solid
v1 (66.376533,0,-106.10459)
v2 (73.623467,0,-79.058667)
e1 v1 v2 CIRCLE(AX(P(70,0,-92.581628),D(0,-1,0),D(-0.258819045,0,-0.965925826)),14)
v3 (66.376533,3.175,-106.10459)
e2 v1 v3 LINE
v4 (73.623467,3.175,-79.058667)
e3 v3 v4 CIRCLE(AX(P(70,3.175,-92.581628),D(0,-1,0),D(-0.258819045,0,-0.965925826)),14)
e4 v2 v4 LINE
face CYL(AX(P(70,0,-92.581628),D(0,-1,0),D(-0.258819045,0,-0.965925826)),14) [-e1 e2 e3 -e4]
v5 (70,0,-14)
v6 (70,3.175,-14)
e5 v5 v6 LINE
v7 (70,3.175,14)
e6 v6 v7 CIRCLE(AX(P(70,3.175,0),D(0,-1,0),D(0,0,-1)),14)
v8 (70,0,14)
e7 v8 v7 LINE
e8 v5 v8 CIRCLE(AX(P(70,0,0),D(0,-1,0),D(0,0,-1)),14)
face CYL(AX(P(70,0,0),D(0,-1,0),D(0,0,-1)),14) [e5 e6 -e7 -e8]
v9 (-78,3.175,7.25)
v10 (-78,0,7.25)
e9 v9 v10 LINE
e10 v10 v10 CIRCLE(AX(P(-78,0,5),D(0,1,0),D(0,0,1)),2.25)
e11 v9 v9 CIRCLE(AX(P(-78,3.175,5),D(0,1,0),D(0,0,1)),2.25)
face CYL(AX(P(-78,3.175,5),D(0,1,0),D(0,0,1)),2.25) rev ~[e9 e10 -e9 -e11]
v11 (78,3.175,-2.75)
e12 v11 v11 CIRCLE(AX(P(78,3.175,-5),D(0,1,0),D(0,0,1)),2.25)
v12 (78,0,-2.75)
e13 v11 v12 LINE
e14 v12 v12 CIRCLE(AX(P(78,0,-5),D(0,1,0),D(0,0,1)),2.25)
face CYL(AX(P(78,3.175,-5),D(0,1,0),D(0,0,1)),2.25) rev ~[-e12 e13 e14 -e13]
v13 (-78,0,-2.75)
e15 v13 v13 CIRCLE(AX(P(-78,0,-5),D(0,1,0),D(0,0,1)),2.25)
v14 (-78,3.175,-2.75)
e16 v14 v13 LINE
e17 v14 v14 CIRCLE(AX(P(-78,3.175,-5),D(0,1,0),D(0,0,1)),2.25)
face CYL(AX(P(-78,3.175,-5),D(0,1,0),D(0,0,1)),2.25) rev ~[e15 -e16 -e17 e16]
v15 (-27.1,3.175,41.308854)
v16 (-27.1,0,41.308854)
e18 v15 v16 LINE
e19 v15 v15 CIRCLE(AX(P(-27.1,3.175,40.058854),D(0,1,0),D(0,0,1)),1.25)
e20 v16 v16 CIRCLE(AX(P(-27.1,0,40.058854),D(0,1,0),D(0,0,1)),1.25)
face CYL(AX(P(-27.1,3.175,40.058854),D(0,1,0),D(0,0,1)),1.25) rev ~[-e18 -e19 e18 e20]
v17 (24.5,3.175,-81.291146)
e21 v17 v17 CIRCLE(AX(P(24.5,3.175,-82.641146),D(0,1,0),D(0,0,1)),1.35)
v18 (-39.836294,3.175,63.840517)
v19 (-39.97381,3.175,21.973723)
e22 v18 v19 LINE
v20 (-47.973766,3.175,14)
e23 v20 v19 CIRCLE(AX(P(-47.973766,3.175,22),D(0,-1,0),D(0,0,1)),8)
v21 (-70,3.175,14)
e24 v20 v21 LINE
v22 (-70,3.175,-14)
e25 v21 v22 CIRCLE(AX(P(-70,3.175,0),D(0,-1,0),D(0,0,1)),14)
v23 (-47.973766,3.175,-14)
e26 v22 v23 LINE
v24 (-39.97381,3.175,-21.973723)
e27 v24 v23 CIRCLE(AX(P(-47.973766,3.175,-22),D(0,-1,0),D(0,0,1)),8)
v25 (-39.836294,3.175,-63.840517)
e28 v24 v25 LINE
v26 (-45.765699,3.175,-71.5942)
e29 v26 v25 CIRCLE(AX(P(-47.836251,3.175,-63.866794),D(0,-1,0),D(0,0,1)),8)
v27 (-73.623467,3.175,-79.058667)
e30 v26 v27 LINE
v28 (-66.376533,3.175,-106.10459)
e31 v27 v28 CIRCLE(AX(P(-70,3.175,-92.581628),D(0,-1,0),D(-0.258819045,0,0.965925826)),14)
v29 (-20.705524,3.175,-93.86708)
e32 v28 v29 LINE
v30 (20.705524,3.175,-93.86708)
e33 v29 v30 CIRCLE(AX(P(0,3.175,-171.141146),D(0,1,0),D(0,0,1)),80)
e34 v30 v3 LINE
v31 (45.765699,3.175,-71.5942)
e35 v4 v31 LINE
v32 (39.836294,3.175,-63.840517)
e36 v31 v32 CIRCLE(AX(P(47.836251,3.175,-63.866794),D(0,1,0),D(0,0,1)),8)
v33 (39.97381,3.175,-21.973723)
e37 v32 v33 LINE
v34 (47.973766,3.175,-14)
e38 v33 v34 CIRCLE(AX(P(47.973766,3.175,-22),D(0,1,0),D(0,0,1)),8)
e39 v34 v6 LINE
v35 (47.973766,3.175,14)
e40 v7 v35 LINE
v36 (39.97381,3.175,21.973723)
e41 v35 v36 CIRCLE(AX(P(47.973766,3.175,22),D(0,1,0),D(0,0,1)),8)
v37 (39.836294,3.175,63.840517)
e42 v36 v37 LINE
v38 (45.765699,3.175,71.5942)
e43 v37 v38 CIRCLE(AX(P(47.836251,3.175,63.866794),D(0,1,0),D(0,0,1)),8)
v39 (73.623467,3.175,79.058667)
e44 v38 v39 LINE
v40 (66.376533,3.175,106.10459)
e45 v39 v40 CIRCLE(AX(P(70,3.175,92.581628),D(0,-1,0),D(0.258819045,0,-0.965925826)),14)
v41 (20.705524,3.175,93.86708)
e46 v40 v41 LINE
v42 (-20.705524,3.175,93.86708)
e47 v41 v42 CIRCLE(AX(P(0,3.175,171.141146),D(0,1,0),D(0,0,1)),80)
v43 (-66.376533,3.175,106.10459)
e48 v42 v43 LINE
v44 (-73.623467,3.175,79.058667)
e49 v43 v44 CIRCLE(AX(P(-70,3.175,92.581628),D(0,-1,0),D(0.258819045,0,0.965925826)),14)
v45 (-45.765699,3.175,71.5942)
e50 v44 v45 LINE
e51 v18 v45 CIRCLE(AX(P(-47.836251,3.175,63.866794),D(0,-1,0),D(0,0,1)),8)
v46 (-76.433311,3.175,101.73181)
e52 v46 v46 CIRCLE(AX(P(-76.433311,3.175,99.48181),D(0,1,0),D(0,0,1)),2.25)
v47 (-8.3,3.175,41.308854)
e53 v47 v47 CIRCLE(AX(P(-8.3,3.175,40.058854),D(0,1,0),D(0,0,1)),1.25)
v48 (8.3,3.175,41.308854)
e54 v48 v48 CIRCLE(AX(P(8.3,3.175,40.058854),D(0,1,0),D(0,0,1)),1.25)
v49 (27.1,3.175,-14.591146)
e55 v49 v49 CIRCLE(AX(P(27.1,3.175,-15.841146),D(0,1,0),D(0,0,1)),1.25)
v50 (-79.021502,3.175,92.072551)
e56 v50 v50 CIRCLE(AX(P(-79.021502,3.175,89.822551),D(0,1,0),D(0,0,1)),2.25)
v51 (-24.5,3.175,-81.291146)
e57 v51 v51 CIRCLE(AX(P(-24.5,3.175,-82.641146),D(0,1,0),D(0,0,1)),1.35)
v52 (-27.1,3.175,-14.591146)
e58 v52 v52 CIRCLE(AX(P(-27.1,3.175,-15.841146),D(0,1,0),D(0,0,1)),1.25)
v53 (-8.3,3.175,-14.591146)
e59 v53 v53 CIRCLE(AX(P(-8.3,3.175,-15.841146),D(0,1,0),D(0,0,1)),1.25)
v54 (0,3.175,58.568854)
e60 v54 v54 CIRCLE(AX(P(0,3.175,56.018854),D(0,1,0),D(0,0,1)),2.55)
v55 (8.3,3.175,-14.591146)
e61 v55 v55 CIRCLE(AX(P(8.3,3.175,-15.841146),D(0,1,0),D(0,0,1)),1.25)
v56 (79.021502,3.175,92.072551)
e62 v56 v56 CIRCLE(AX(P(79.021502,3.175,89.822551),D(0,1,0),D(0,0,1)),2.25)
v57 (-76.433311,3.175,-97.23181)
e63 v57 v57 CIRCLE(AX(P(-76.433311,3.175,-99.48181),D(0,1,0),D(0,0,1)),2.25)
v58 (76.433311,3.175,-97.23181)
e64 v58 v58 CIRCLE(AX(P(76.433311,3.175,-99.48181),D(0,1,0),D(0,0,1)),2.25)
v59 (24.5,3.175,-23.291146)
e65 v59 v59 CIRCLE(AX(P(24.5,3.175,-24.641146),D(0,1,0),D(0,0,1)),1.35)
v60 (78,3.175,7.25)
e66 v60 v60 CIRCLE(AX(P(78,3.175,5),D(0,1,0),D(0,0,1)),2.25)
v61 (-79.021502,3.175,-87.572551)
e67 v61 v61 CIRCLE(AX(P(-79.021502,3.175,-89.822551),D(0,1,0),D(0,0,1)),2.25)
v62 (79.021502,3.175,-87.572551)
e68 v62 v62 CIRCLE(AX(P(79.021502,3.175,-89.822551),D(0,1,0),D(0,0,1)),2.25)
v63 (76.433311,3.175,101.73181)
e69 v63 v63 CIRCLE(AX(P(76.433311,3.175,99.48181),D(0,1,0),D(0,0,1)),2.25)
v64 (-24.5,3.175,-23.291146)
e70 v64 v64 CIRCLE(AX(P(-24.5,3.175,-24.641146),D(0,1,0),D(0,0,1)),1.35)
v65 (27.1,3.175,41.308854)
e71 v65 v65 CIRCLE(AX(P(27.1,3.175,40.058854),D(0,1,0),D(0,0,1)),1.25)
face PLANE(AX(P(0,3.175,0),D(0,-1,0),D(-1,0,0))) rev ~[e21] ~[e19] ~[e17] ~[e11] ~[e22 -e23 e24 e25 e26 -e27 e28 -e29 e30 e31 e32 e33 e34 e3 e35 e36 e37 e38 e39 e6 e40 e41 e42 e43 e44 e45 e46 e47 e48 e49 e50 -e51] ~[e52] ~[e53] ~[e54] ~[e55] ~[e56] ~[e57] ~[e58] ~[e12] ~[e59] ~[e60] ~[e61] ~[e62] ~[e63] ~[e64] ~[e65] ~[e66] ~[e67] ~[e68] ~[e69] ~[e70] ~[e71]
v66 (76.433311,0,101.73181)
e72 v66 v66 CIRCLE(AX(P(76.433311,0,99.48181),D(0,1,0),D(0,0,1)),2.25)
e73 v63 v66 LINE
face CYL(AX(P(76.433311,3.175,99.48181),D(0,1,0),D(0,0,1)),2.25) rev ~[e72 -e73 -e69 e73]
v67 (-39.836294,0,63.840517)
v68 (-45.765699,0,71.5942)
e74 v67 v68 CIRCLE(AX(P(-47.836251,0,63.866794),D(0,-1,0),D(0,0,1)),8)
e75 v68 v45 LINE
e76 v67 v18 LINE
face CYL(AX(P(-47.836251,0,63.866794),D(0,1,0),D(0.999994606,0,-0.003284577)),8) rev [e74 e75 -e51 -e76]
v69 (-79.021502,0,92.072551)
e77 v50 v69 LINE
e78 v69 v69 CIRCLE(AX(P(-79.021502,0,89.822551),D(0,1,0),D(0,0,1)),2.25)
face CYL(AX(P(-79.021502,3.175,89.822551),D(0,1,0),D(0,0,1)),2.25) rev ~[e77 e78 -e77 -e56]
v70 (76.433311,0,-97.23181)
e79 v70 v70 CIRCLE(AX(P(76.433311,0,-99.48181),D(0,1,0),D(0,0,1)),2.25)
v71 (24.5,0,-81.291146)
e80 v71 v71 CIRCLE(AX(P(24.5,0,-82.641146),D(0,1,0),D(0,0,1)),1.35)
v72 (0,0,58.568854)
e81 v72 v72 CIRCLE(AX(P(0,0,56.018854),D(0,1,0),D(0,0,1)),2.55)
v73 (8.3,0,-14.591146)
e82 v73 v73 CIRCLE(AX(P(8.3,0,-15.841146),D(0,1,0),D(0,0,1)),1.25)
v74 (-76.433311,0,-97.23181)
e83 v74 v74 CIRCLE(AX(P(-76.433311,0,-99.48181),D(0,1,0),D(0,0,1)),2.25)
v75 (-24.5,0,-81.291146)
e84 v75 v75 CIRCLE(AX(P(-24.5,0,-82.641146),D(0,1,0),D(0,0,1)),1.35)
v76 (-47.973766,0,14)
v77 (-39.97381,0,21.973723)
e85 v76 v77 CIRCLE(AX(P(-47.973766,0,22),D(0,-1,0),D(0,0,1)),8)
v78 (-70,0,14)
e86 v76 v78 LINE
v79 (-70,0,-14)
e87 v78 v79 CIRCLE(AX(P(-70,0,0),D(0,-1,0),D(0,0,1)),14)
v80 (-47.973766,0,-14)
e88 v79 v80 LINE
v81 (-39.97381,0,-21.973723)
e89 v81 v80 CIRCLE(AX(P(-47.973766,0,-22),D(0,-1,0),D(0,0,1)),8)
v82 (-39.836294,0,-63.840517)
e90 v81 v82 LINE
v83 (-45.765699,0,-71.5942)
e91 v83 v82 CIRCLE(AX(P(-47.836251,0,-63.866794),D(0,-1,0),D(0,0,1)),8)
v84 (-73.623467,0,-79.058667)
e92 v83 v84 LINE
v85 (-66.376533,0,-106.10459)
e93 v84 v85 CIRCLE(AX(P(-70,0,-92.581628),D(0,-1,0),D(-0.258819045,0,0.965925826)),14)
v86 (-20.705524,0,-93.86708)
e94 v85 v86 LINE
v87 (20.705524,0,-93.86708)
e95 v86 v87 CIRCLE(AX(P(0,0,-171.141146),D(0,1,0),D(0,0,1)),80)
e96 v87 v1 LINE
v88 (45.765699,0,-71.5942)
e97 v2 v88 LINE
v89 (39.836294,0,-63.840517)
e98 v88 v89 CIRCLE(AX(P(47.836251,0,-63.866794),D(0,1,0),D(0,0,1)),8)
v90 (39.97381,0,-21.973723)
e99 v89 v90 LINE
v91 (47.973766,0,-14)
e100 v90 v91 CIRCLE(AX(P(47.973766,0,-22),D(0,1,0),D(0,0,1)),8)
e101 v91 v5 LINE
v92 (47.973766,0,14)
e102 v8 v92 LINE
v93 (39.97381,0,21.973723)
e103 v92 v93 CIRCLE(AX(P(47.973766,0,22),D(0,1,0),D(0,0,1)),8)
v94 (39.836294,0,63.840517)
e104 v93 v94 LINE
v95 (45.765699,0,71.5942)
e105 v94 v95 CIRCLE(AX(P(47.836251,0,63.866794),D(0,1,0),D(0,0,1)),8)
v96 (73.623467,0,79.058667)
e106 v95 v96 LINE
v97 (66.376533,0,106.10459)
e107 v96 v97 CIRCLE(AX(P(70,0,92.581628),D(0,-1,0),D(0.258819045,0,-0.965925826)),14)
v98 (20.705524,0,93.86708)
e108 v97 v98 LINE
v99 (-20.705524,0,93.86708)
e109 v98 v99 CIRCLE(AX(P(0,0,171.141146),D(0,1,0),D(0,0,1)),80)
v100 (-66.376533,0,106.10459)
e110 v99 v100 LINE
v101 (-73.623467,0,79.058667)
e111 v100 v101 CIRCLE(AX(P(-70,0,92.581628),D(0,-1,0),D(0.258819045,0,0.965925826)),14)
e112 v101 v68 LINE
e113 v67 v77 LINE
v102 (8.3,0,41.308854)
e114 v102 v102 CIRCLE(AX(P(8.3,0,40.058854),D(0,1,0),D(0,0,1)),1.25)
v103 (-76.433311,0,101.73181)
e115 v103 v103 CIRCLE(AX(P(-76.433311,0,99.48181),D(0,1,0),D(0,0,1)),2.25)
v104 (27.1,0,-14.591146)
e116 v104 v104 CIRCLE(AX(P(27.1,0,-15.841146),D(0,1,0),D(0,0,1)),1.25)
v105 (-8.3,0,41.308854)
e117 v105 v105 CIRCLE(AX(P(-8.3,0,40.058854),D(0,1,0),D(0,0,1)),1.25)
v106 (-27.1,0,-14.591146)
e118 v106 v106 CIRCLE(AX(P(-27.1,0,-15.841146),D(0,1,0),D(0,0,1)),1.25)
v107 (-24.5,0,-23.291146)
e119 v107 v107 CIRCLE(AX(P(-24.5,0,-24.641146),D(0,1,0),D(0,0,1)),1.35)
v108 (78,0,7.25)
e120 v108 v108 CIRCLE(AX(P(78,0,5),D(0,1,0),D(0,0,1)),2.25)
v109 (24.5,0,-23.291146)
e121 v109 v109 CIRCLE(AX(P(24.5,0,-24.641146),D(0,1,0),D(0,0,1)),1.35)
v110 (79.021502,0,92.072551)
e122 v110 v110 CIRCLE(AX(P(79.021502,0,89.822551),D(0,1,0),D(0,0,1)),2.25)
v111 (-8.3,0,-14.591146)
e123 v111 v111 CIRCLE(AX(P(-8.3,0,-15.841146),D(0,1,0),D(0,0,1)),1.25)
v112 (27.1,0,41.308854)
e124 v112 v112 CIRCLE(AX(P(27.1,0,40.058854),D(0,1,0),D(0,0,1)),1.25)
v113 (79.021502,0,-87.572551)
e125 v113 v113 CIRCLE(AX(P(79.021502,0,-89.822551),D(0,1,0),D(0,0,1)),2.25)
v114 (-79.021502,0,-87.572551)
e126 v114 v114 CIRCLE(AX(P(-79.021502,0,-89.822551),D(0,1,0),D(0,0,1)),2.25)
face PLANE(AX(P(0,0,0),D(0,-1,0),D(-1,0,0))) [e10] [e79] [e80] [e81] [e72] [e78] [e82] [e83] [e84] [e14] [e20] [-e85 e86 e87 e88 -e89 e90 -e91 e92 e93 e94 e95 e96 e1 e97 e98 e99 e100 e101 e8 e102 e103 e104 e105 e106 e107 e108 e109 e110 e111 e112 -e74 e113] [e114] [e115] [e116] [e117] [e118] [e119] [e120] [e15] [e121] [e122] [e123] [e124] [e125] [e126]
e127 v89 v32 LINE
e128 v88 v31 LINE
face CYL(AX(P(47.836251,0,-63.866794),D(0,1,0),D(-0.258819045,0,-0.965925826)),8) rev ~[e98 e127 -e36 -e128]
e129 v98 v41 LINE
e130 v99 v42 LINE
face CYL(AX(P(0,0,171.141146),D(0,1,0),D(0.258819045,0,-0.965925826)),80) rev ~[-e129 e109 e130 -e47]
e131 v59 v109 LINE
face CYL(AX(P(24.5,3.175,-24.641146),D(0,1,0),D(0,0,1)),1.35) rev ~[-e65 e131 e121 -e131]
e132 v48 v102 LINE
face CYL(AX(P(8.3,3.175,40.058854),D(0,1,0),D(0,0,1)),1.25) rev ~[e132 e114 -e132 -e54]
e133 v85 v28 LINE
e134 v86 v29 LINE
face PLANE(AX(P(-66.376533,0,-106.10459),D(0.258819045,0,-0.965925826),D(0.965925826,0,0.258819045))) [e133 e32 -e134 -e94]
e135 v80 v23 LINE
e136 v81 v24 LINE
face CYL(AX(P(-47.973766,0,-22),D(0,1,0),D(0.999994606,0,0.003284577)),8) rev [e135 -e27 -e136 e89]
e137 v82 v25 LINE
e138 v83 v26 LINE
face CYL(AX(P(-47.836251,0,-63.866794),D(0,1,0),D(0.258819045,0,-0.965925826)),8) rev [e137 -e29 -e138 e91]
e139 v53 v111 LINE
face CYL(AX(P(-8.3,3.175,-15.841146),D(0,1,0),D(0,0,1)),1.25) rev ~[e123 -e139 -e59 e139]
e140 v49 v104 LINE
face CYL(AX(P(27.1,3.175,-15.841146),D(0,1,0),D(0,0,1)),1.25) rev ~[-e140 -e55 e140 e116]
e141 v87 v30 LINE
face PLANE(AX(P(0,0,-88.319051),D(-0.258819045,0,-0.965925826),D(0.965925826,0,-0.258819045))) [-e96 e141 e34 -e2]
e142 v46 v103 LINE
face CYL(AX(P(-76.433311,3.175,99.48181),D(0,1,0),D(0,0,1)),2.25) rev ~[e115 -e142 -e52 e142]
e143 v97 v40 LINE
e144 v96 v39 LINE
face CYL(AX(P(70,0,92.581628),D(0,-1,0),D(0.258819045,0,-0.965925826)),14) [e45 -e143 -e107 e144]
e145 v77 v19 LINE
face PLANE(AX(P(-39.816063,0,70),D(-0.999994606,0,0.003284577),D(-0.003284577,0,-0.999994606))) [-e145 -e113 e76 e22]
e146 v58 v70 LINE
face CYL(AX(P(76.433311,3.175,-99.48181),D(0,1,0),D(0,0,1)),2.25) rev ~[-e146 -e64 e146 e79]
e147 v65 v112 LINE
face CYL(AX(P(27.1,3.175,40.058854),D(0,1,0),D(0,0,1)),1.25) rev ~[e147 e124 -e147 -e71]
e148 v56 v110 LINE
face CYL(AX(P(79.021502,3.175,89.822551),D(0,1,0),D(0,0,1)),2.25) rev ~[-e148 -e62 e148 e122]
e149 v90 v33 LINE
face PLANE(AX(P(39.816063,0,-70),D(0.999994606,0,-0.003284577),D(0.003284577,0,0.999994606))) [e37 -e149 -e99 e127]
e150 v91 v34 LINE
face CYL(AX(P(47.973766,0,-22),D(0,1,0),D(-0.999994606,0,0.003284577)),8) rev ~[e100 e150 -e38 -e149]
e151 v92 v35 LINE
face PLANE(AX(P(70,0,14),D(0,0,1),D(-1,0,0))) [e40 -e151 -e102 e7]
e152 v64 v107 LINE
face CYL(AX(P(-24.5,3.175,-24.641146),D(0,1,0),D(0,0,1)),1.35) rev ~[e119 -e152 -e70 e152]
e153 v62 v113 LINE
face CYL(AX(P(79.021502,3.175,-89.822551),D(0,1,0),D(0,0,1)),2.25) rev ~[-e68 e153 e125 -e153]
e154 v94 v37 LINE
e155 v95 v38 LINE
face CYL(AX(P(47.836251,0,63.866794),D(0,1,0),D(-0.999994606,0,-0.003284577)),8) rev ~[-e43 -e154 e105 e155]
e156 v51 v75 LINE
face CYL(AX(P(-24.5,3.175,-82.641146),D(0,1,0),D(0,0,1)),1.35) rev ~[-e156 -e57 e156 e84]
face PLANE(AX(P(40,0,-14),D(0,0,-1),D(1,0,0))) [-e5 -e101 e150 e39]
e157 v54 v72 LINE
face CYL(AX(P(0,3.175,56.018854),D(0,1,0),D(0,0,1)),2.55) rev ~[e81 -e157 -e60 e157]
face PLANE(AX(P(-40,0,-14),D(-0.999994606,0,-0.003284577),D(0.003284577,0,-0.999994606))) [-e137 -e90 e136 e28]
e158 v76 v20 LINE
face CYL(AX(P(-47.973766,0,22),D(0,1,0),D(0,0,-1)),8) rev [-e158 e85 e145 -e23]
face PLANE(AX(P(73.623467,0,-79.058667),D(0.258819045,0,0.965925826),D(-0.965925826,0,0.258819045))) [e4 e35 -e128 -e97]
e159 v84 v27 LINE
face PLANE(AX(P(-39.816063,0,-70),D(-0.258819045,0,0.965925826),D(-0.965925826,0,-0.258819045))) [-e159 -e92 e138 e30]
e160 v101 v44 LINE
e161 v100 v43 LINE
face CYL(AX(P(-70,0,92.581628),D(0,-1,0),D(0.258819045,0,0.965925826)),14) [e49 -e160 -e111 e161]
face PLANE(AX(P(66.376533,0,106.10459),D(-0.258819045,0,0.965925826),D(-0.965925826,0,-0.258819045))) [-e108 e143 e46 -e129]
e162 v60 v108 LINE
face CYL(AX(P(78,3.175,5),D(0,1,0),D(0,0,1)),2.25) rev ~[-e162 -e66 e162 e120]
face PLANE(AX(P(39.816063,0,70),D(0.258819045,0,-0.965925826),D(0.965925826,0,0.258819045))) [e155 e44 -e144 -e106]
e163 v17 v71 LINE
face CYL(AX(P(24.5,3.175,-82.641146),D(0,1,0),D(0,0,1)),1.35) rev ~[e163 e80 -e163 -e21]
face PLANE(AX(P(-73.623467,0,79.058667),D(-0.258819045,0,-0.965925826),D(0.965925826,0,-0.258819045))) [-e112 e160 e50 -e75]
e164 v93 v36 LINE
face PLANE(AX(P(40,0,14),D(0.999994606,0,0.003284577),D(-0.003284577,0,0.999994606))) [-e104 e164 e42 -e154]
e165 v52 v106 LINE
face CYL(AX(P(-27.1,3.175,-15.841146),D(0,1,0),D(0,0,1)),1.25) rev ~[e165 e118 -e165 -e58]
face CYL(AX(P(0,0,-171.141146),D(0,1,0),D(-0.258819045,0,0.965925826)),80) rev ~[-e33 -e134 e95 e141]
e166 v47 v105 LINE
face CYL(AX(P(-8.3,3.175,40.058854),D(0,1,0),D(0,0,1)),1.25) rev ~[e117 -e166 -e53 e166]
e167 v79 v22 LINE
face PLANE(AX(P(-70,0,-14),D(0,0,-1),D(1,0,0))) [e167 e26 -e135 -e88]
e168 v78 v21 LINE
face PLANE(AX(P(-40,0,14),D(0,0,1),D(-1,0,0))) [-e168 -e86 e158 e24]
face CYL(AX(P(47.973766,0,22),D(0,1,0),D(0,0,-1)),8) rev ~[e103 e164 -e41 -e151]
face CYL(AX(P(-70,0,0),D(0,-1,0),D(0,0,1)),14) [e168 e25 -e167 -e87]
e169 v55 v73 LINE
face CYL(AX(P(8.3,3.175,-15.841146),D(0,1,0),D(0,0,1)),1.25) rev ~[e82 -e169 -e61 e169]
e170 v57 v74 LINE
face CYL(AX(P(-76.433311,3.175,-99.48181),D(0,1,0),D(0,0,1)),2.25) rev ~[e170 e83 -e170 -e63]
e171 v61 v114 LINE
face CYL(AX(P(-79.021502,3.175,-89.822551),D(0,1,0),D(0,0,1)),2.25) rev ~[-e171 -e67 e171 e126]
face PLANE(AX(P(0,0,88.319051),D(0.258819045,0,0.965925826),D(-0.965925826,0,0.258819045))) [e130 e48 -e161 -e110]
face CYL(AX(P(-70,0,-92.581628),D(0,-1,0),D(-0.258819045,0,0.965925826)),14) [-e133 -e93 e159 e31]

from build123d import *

# Parameters (mm, degrees)
BOSS_EXTRUDE1_DEPTH = 3.175
FILLET1_R           = 80
FILLET2_R           = 8
SKETCH2_R           = 1.35
CUT_EXTRUDE1_DEPTH  = 136.741386774
SKETCH3_R           = 1.25
CUT_EXTRUDE2_DEPTH  = 136.741386774
SKETCH5_R           = 2.55
CUT_EXTRUDE3_DEPTH  = 136.741386774
SKETCH7_R           = 2.25
CUT_EXTRUDE4_DEPTH  = 10


with BuildPart() as part:
    # Sketch1 → Boss-Extrude1 (new body)
    with BuildSketch(Plane(origin=(0, 0, 0), x_dir=(1, 0, 0), z_dir=(0, 1, 0))):
        with BuildLine():
            Line((-70, 14), (-40, 14))
            Line((-40, 14), (-39.816062711, 70))
            Line((-39.816062711, 70), (-73.623466631, 79.058666579))
            ThreePointArc((-73.623466631, 79.058666579), (-83.522961568, 96.205094778), (-66.376533369, 106.104589715))
            Line((-66.376533369, 106.104589715), (0, 88.319051202))
            Line((0, 88.319051202), (66.376533369, 106.104589715))
            ThreePointArc((66.376533369, 106.104589715), (83.522961568, 96.205094778), (73.623466631, 79.058666579))
            Line((73.623466631, 79.058666579), (39.816062711, 70))
            Line((39.816062711, 70), (40, 14))
            Line((40, 14), (70, 14))
            ThreePointArc((70, 14), (84, 0), (70, -14))
            Line((70, -14), (40, -14))
            Line((40, -14), (39.816062711, -70))
            Line((39.816062711, -70), (73.623466631, -79.058666579))
            ThreePointArc((73.623466631, -79.058666579), (83.522961568, -96.205094778), (66.376533369, -106.104589715))
            Line((66.376533369, -106.104589715), (0, -88.319051202))
            Line((0, -88.319051202), (-66.376533369, -106.104589715))
            ThreePointArc((-66.376533369, -106.104589715), (-83.522961568, -96.205094778), (-73.623466631, -79.058666579))
            Line((-73.623466631, -79.058666579), (-39.816062711, -70))
            Line((-39.816062711, -70), (-40, -14))
            Line((-40, -14), (-70, -14))
            ThreePointArc((-70, -14), (-84, 0), (-70, 14))
        make_face()
    extrude(amount=BOSS_EXTRUDE1_DEPTH)

    # Fillet1
    fillet1_edges = [part.edges().sort_by_distance(p)[0] for p in [
        (0, 1.5875, -88.319051202),
        (0, 1.5875, 88.319051202),
    ]]
    fillet(fillet1_edges, radius=FILLET1_R)

    # Fillet2
    fillet2_edges = [part.edges().sort_by_distance(p)[0] for p in [
        (-40, 1.5875, -14),
        (-39.816062711, 1.5875, -70),
        (39.816062711, 1.5875, -70),
        (40, 1.5875, -14),
        (40, 1.5875, 14),
        (39.816062711, 1.5875, 70),
        (-39.816062711, 1.5875, 70),
        (-40, 1.5875, 14),
    ]]
    fillet(fillet2_edges, radius=FILLET2_R)

    # Sketch2 → Cut-Extrude1 (cut, through all)
    with BuildSketch(Plane(origin=(0, 3.175, 0), x_dir=(1, 0, 0), z_dir=(0, 1, 0))):
        with Locations(Location((-24.5, 24.641145635, 0), (0, 0, 270))):
            Circle(SKETCH2_R)
        with Locations(Location((24.5, 24.641145635, 0), (0, 0, 270))):
            Circle(SKETCH2_R)
        with Locations(Location((24.5, 82.641145635, 0), (0, 0, 270))):
            Circle(SKETCH2_R)
        with Locations(Location((-24.5, 82.641145635, 0), (0, 0, 270))):
            Circle(SKETCH2_R)
    extrude(amount=-CUT_EXTRUDE1_DEPTH, mode=Mode.SUBTRACT)

    # Sketch3 → Cut-Extrude2 (cut, through all)
    with BuildSketch(Plane(origin=(0, 3.175, 0), x_dir=(1, 0, 0), z_dir=(0, 1, 0))):
        with Locations(Location((-8.3, -40.058854365, 0), (0, 0, 270))):
            Circle(SKETCH3_R)
        with Locations(Location((-27.1, -40.058854365, 0), (0, 0, 270))):
            Circle(SKETCH3_R)
        with Locations(Location((-27.1, 15.841145635, 0), (0, 0, 270))):
            Circle(SKETCH3_R)
        with Locations(Location((-8.3, 15.841145635, 0), (0, 0, 270))):
            Circle(SKETCH3_R)
        with Locations(Location((8.3, 15.841145635, 0), (0, 0, 270))):
            Circle(SKETCH3_R)
        with Locations(Location((27.1, 15.841145635, 0), (0, 0, 270))):
            Circle(SKETCH3_R)
        with Locations(Location((8.3, -40.058854365, 0), (0, 0, 270))):
            Circle(SKETCH3_R)
        with Locations(Location((27.1, -40.058854365, 0), (0, 0, 270))):
            Circle(SKETCH3_R)
    extrude(amount=-CUT_EXTRUDE2_DEPTH, mode=Mode.SUBTRACT)

    # Sketch5 → Cut-Extrude3 (cut, through all)
    with BuildSketch(Plane(origin=(0, 3.175, 0), x_dir=(1, 0, 0), z_dir=(0, 1, 0))):
        with Locations(Location((0, -56.018854365, 0), (0, 0, 270))):
            Circle(SKETCH5_R)
    extrude(amount=-CUT_EXTRUDE3_DEPTH, mode=Mode.SUBTRACT)

    # Sketch7 → Cut-Extrude4 (cut)
    with BuildSketch(Plane(origin=(0, 3.175, 0), x_dir=(1, 0, 0), z_dir=(0, 1, 0))):
        with Locations(Location((-76.433311385, -99.481809639, 0), (0, 0, 270))):
            Circle(SKETCH7_R)
        with Locations(Location((-79.021501836, -89.822551376, 0), (0, 0, 270))):
            Circle(SKETCH7_R)
        with Locations(Location((-78, -5, 0), (0, 0, 270))):
            Circle(SKETCH7_R)
        with Locations(Location((-78, 5, 0), (0, 0, 270))):
            Circle(SKETCH7_R)
        with Locations(Location((-79.021501836, 89.822551376, 0), (0, 0, 270))):
            Circle(SKETCH7_R)
        with Locations(Location((-76.433311385, 99.481809639, 0), (0, 0, 270))):
            Circle(SKETCH7_R)
        with Locations(Location((79.021501836, 89.822551376, 0), (0, 0, 270))):
            Circle(SKETCH7_R)
        with Locations(Location((76.433311385, 99.481809639, 0), (0, 0, 270))):
            Circle(SKETCH7_R)
        with Locations(Location((78, -5, 0), (0, 0, 270))):
            Circle(SKETCH7_R)
        with Locations(Location((78, 5, 0), (0, 0, 270))):
            Circle(SKETCH7_R)
        with Locations(Location((79.021501836, -89.822551376, 0), (0, 0, 270))):
            Circle(SKETCH7_R)
        with Locations(Location((76.433311385, -99.481809639, 0), (0, 0, 270))):
            Circle(SKETCH7_R)
    extrude(amount=-CUT_EXTRUDE4_DEPTH, mode=Mode.SUBTRACT)


solid = part.part
